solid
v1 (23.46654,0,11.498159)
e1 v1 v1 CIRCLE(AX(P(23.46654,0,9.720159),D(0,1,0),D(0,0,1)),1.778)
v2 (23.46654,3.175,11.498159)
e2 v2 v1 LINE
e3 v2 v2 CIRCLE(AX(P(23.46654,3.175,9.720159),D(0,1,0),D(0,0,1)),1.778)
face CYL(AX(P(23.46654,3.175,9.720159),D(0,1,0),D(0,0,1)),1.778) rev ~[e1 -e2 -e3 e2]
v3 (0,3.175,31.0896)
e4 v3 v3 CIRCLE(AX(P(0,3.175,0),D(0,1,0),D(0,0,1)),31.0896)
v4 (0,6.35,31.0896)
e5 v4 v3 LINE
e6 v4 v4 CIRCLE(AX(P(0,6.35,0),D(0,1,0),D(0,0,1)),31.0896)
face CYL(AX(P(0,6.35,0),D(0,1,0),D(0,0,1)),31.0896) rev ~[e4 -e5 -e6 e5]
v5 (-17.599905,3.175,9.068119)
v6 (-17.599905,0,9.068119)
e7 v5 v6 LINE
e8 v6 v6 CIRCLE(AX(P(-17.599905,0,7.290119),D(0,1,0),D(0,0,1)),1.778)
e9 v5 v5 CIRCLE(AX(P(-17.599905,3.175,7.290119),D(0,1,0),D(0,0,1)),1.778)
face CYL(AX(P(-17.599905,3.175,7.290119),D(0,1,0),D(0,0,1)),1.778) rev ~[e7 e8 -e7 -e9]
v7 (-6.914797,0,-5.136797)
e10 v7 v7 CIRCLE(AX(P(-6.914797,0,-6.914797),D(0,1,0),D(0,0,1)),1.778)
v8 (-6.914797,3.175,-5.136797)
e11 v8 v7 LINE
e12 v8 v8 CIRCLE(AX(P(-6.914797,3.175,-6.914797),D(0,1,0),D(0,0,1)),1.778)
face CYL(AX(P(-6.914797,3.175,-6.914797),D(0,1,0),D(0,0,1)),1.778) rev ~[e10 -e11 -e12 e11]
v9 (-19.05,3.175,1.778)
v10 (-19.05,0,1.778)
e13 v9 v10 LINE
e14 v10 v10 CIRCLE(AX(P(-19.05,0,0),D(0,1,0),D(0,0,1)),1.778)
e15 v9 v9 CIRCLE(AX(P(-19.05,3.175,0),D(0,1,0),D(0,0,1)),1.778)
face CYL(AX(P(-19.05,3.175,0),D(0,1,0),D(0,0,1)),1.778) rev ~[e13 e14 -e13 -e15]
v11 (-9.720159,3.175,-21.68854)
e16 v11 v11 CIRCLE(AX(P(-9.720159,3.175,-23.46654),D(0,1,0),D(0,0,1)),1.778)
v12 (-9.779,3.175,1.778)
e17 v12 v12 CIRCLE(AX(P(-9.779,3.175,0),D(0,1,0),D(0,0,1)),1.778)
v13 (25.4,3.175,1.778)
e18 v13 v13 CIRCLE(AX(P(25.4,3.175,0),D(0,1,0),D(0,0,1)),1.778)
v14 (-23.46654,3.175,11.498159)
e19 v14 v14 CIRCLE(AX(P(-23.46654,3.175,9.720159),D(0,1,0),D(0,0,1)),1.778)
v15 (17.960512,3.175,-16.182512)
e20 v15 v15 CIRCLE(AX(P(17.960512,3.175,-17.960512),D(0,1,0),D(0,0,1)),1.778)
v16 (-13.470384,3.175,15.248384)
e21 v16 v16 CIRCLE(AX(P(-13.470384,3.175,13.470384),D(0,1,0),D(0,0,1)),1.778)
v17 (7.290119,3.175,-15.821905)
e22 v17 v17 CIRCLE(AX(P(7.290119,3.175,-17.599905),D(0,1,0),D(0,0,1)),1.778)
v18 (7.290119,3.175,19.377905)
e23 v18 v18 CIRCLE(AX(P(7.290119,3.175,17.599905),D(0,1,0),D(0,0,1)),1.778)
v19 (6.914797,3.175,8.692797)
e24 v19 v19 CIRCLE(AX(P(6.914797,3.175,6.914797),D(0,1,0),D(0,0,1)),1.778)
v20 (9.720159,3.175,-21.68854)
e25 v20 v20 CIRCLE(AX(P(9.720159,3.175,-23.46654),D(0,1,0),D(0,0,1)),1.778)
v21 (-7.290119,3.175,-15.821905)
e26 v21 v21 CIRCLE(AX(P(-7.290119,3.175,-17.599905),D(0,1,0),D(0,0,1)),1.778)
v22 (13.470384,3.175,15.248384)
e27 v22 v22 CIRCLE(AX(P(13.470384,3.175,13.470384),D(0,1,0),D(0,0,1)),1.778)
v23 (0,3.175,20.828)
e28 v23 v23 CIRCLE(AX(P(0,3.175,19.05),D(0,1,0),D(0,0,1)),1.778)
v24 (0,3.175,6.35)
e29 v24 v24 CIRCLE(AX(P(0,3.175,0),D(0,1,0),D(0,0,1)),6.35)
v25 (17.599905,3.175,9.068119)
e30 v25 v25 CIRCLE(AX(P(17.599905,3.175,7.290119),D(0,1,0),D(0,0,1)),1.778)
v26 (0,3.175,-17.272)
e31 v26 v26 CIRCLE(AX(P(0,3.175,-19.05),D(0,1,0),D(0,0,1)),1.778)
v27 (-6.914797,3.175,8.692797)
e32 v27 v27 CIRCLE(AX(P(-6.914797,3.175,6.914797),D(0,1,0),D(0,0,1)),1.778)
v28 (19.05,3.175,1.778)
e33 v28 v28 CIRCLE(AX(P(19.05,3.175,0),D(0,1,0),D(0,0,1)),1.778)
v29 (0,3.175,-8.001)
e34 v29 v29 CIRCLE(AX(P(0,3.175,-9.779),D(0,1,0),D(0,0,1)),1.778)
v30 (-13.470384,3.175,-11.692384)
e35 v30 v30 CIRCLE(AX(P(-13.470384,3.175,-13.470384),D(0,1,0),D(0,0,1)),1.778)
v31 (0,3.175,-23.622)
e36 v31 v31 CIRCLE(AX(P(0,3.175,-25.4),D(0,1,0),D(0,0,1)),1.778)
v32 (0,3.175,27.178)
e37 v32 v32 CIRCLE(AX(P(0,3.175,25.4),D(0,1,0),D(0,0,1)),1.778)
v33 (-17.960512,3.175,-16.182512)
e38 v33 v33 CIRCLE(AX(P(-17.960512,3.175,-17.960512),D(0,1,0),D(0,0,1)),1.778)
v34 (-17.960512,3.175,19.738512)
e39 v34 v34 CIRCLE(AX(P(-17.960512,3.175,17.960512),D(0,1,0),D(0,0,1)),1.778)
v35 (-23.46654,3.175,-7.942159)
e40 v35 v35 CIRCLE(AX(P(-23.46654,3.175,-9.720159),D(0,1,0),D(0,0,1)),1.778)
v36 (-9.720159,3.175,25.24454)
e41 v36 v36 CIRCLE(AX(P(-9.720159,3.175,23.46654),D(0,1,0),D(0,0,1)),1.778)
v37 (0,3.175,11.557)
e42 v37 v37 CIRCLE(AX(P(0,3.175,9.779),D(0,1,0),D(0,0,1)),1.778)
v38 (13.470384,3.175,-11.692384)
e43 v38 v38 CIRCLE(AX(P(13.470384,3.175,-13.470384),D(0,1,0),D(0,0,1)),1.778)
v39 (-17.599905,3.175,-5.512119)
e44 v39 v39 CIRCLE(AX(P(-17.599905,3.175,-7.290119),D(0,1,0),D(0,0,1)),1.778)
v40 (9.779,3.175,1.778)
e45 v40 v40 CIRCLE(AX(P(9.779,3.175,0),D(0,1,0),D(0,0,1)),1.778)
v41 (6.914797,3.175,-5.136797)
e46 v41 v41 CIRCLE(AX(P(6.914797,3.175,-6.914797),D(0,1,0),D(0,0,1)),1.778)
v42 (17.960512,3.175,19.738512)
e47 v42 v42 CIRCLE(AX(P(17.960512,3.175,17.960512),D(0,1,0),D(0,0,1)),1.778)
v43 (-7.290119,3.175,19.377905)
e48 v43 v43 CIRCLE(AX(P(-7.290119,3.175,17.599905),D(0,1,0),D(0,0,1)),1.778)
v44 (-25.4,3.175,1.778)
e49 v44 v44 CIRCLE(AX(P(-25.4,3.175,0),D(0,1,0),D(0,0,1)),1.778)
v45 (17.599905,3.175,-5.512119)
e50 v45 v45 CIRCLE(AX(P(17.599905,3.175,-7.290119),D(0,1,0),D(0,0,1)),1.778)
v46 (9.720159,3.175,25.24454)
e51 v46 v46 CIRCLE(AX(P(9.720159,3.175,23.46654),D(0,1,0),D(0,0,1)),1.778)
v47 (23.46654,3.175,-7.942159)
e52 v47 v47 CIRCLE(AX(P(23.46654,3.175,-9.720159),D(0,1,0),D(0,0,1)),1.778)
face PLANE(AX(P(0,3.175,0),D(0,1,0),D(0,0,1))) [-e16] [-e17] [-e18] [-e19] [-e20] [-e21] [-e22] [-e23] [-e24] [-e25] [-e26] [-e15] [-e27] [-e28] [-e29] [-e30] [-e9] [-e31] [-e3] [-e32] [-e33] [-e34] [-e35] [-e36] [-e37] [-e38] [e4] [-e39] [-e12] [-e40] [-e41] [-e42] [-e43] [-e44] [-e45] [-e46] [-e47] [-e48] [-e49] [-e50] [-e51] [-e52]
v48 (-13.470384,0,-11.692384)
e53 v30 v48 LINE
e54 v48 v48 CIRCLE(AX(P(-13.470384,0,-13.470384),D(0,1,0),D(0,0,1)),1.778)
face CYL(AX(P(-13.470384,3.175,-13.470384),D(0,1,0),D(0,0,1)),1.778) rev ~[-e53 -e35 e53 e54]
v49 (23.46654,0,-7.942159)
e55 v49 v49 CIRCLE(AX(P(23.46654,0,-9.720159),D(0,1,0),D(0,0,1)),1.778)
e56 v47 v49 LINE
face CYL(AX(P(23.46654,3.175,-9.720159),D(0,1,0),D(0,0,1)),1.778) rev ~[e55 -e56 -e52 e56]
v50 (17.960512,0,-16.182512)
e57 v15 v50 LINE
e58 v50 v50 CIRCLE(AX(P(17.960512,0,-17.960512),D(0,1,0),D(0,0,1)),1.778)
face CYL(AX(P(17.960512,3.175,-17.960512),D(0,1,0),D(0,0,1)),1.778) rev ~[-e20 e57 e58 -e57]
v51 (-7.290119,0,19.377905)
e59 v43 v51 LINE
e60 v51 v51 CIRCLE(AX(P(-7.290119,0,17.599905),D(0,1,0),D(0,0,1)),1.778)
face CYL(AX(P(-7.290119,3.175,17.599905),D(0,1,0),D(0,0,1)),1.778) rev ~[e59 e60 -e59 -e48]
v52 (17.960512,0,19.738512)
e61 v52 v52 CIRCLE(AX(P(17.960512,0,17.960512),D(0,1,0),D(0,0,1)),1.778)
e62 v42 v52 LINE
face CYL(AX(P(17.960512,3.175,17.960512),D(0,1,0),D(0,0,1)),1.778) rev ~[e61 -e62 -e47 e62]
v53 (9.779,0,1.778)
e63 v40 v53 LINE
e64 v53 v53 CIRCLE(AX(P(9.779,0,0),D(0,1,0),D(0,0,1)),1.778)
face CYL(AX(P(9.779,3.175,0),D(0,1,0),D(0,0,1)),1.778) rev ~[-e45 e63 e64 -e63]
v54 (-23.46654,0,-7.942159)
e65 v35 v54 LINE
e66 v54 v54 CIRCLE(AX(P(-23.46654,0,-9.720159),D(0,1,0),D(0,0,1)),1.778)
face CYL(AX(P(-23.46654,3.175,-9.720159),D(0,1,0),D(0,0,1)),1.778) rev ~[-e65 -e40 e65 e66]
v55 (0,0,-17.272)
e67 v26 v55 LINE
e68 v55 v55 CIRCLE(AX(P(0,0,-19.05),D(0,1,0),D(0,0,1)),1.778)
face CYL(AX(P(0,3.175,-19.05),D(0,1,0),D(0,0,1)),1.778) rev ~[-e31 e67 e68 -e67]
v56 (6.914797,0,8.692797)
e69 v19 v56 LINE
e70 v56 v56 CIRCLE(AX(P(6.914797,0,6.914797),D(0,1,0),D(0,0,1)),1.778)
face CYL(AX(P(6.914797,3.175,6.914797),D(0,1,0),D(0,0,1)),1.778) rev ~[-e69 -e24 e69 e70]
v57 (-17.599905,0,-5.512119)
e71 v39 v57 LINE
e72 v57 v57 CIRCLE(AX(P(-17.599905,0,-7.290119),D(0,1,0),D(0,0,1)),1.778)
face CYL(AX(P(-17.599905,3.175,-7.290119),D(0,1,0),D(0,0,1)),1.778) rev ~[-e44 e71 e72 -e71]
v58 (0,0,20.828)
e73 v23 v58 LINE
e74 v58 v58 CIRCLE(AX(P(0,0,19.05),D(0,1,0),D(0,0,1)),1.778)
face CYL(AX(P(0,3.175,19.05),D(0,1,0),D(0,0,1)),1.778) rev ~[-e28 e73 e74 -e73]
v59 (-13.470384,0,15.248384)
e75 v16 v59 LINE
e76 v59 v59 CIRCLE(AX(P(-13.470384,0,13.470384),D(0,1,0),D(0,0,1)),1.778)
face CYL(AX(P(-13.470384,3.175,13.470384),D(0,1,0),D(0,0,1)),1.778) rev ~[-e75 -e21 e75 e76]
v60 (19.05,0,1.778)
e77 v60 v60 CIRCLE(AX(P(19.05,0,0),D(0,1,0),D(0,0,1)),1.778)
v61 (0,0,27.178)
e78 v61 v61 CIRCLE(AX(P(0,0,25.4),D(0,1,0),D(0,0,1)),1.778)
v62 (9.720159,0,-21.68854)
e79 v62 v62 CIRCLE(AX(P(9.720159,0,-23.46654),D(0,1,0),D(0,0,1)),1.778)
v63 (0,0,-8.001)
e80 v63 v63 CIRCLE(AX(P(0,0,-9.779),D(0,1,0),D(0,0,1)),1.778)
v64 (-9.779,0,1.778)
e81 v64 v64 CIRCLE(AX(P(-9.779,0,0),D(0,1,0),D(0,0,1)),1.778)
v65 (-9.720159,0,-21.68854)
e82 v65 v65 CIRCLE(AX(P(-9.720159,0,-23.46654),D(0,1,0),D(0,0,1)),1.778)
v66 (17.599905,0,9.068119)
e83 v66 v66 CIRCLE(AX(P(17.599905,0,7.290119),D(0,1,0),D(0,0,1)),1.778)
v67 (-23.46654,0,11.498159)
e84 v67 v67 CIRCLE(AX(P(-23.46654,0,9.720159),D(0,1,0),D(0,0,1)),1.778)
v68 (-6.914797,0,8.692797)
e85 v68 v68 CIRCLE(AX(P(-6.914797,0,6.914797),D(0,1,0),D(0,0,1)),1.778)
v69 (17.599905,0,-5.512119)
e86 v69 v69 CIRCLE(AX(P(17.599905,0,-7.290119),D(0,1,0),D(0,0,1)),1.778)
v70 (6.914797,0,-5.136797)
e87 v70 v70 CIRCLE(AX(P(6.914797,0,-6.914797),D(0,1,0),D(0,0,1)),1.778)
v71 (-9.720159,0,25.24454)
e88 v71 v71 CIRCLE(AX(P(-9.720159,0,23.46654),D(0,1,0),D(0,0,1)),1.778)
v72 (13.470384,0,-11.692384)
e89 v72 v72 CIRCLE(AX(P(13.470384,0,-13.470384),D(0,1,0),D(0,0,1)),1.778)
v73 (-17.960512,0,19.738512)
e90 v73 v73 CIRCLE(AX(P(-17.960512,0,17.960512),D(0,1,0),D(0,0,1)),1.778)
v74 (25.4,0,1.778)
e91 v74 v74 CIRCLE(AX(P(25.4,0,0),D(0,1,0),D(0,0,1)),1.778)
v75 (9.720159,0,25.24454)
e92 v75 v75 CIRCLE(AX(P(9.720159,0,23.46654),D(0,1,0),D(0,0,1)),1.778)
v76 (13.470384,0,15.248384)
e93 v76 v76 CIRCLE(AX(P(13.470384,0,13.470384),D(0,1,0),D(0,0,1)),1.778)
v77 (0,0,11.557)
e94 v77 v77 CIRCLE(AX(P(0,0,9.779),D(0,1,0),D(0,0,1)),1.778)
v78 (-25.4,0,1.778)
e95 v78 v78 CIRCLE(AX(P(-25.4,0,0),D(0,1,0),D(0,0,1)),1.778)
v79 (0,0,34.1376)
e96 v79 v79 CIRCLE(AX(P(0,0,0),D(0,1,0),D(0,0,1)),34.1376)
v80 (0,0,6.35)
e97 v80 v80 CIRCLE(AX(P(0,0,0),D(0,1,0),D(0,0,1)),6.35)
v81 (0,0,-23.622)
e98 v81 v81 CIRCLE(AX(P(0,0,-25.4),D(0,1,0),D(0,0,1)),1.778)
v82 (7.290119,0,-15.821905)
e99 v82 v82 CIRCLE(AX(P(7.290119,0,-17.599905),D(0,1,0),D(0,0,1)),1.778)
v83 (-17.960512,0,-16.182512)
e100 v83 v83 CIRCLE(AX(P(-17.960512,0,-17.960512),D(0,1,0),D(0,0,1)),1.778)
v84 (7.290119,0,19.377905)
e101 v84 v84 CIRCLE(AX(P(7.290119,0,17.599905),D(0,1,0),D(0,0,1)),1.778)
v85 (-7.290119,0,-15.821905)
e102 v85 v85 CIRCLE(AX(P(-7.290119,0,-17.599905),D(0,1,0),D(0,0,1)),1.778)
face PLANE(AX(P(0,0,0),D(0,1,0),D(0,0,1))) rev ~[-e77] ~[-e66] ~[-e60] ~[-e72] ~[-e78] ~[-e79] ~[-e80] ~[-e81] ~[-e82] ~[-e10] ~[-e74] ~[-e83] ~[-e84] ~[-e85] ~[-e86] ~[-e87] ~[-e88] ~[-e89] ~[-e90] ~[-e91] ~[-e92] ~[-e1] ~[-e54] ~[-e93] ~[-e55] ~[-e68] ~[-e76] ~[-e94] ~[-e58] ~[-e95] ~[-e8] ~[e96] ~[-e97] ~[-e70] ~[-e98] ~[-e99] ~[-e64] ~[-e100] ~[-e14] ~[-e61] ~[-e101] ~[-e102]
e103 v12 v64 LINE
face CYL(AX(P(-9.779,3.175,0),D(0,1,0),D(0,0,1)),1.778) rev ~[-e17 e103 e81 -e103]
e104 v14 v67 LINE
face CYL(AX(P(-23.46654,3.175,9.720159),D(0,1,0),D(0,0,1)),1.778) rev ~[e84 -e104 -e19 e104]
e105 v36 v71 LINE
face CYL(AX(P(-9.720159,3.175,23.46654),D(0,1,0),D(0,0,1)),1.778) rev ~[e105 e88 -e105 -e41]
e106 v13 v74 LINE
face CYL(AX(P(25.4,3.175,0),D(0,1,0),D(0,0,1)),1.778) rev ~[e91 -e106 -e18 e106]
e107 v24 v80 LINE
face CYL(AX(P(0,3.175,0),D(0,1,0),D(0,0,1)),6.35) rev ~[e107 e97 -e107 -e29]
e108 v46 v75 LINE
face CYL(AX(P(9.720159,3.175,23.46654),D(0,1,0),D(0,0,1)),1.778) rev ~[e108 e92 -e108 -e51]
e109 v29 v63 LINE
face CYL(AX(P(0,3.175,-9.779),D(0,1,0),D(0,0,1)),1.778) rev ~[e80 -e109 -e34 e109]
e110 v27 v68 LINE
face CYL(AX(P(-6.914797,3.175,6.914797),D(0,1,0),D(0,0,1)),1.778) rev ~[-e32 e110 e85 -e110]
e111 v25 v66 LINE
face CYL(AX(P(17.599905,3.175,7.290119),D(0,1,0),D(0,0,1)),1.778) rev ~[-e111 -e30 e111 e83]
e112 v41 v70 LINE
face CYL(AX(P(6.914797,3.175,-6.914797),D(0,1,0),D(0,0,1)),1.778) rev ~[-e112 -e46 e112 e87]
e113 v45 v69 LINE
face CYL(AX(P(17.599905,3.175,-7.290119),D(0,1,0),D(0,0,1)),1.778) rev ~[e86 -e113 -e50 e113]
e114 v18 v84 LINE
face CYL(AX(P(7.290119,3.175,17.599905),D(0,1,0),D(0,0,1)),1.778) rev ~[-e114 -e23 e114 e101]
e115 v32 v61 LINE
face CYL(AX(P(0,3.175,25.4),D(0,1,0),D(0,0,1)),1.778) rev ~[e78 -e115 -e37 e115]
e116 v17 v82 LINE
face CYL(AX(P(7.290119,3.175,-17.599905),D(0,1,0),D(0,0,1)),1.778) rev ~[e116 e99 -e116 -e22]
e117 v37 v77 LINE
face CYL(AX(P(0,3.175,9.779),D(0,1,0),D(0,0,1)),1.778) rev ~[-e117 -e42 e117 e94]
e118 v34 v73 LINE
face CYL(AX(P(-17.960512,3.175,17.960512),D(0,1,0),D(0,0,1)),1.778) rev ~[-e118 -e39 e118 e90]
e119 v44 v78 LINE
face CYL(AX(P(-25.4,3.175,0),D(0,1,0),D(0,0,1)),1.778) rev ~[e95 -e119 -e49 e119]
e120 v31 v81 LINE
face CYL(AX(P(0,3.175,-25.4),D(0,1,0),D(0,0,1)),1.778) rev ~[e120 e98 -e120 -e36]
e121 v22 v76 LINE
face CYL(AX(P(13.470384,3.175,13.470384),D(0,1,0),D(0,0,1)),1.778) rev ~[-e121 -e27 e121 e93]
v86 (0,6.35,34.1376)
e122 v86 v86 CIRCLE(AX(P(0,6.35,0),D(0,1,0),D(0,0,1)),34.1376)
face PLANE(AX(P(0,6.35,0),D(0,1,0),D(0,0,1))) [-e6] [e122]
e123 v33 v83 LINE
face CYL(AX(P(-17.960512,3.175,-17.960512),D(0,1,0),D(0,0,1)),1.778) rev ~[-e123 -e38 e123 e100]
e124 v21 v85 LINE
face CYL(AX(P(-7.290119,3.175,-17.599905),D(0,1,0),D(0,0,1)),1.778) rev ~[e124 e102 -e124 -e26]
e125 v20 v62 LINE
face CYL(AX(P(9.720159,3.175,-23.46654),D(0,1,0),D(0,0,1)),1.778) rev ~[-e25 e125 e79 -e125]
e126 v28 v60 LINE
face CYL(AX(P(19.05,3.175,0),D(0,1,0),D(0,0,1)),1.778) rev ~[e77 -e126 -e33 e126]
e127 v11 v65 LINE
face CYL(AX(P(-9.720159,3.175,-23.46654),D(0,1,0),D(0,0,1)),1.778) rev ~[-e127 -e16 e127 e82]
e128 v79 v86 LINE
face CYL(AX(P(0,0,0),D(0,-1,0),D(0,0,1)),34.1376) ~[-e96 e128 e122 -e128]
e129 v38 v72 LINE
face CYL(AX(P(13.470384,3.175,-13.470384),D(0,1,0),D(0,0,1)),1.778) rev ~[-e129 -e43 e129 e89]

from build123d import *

# Parameters (mm, degrees)
SKETCH1_R           = 34.1376
BOSS_EXTRUDE1_DEPTH = 6.35
SKETCH2_R           = 31.0896
CUT_EXTRUDE3_DEPTH  = 3.175
SKETCH3_R           = 6.35
CUT_EXTRUDE4_DEPTH  = 3.175
SKETCH7_R           = 1.778
CUT_EXTRUDE5_DEPTH  = 3.175


with BuildPart() as part:
    # Sketch1 → Boss-Extrude1 (new body)
    with BuildSketch(Plane(origin=(0, 0, 0), x_dir=(1, 0, 0), z_dir=(0, 1, 0))):
        with Locations(Location((0, 0, 0), (0, 0, 270))):
            Circle(SKETCH1_R)
    extrude(amount=BOSS_EXTRUDE1_DEPTH)

    # Sketch2 → Cut-Extrude3 (cut)
    with BuildSketch(Plane(origin=(0, 6.35, 0), x_dir=(1, 0, 0), z_dir=(0, 1, 0))):
        with Locations(Location((0, 0, 0), (0, 0, 270))):
            Circle(SKETCH2_R)
    extrude(amount=-CUT_EXTRUDE3_DEPTH, mode=Mode.SUBTRACT)

    # Sketch3 → Cut-Extrude4 (cut)
    with BuildSketch(Plane(origin=(0, 3.175, 0), x_dir=(1, 0, 0), z_dir=(0, 1, 0))):
        with Locations(Location((0, 0, 0), (0, 0, 270))):
            Circle(SKETCH3_R)
    extrude(amount=-CUT_EXTRUDE4_DEPTH, mode=Mode.SUBTRACT)

    # Sketch7 → Cut-Extrude5 (cut)
    with BuildSketch(Plane(origin=(0, 3.175, 0), x_dir=(1, 0, 0), z_dir=(0, 1, 0))):
        with Locations(Location((0, 25.4, 0), (0, 0, 270))):
            Circle(SKETCH7_R)
        with Locations(Location((-9.720159182, 23.466540126, 0), (0, 0, 270))):
            Circle(SKETCH7_R)
        with Locations(Location((-17.960512242, 17.960512242, 0), (0, 0, 270))):
            Circle(SKETCH7_R)
        with Locations(Location((-23.466540126, 9.720159182, 0), (0, 0, 270))):
            Circle(SKETCH7_R)
        with Locations(Location((-25.4, 0, 0), (0, 0, 270))):
            Circle(SKETCH7_R)
        with Locations(Location((-23.466540126, -9.720159182, 0), (0, 0, 270))):
            Circle(SKETCH7_R)
        with Locations(Location((-17.960512242, -17.960512242, 0), (0, 0, 270))):
            Circle(SKETCH7_R)
        with Locations(Location((-9.720159182, -23.466540126, 0), (0, 0, 270))):
            Circle(SKETCH7_R)
        with Locations(Location((0, -25.4, 0), (0, 0, 270))):
            Circle(SKETCH7_R)
        with Locations(Location((9.720159182, -23.466540126, 0), (0, 0, 270))):
            Circle(SKETCH7_R)
        with Locations(Location((17.960512242, -17.960512242, 0), (0, 0, 270))):
            Circle(SKETCH7_R)
        with Locations(Location((23.466540126, -9.720159182, 0), (0, 0, 270))):
            Circle(SKETCH7_R)
        with Locations(Location((25.4, 0, 0), (0, 0, 270))):
            Circle(SKETCH7_R)
        with Locations(Location((23.466540126, 9.720159182, 0), (0, 0, 270))):
            Circle(SKETCH7_R)
        with Locations(Location((17.960512242, 17.960512242, 0), (0, 0, 270))):
            Circle(SKETCH7_R)
        with Locations(Location((9.720159182, 23.466540126, 0), (0, 0, 270))):
            Circle(SKETCH7_R)
        with Locations(Location((7.290119387, 17.599905094, 0), (0, 0, 270))):
            Circle(SKETCH7_R)
        with Locations(Location((13.470384182, 13.470384182, 0), (0, 0, 270))):
            Circle(SKETCH7_R)
        with Locations(Location((17.599905094, 7.290119387, 0), (0, 0, 270))):
            Circle(SKETCH7_R)
        with Locations(Location((19.05, 0, 0), (0, 0, 270))):
            Circle(SKETCH7_R)
        with Locations(Location((17.599905094, -7.290119387, 0), (0, 0, 270))):
            Circle(SKETCH7_R)
        with Locations(Location((13.470384182, -13.470384182, 0), (0, 0, 270))):
            Circle(SKETCH7_R)
        with Locations(Location((7.290119387, -17.599905094, 0), (0, 0, 270))):
            Circle(SKETCH7_R)
        with Locations(Location((0, -19.05, 0), (0, 0, 270))):
            Circle(SKETCH7_R)
        with Locations(Location((-7.290119387, -17.599905094, 0), (0, 0, 270))):
            Circle(SKETCH7_R)
        with Locations(Location((-13.470384182, -13.470384182, 0), (0, 0, 270))):
            Circle(SKETCH7_R)
        with Locations(Location((-17.599905094, -7.290119387, 0), (0, 0, 270))):
            Circle(SKETCH7_R)
        with Locations(Location((-19.05, 0, 0), (0, 0, 270))):
            Circle(SKETCH7_R)
        with Locations(Location((-17.599905094, 7.290119387, 0), (0, 0, 270))):
            Circle(SKETCH7_R)
        with Locations(Location((-13.470384182, 13.470384182, 0), (0, 0, 270))):
            Circle(SKETCH7_R)
        with Locations(Location((-7.290119387, 17.599905094, 0), (0, 0, 270))):
            Circle(SKETCH7_R)
        with Locations(Location((0, 19.05, 0), (0, 0, 270))):
            Circle(SKETCH7_R)
        with Locations(Location((0, 9.779, 0), (0, 0, 270))):
            Circle(SKETCH7_R)
        with Locations(Location((-6.914797213, 6.914797213, 0), (0, 0, 270))):
            Circle(SKETCH7_R)
        with Locations(Location((-9.779, 0, 0), (0, 0, 270))):
            Circle(SKETCH7_R)
        with Locations(Location((-6.914797213, -6.914797213, 0), (0, 0, 270))):
            Circle(SKETCH7_R)
        with Locations(Location((0, -9.779, 0), (0, 0, 270))):
            Circle(SKETCH7_R)
        with Locations(Location((6.914797213, -6.914797213, 0), (0, 0, 270))):
            Circle(SKETCH7_R)
        with Locations(Location((9.779, 0, 0), (0, 0, 270))):
            Circle(SKETCH7_R)
        with Locations(Location((6.914797213, 6.914797213, 0), (0, 0, 270))):
            Circle(SKETCH7_R)
    extrude(amount=-CUT_EXTRUDE5_DEPTH, mode=Mode.SUBTRACT)


solid = part.part
